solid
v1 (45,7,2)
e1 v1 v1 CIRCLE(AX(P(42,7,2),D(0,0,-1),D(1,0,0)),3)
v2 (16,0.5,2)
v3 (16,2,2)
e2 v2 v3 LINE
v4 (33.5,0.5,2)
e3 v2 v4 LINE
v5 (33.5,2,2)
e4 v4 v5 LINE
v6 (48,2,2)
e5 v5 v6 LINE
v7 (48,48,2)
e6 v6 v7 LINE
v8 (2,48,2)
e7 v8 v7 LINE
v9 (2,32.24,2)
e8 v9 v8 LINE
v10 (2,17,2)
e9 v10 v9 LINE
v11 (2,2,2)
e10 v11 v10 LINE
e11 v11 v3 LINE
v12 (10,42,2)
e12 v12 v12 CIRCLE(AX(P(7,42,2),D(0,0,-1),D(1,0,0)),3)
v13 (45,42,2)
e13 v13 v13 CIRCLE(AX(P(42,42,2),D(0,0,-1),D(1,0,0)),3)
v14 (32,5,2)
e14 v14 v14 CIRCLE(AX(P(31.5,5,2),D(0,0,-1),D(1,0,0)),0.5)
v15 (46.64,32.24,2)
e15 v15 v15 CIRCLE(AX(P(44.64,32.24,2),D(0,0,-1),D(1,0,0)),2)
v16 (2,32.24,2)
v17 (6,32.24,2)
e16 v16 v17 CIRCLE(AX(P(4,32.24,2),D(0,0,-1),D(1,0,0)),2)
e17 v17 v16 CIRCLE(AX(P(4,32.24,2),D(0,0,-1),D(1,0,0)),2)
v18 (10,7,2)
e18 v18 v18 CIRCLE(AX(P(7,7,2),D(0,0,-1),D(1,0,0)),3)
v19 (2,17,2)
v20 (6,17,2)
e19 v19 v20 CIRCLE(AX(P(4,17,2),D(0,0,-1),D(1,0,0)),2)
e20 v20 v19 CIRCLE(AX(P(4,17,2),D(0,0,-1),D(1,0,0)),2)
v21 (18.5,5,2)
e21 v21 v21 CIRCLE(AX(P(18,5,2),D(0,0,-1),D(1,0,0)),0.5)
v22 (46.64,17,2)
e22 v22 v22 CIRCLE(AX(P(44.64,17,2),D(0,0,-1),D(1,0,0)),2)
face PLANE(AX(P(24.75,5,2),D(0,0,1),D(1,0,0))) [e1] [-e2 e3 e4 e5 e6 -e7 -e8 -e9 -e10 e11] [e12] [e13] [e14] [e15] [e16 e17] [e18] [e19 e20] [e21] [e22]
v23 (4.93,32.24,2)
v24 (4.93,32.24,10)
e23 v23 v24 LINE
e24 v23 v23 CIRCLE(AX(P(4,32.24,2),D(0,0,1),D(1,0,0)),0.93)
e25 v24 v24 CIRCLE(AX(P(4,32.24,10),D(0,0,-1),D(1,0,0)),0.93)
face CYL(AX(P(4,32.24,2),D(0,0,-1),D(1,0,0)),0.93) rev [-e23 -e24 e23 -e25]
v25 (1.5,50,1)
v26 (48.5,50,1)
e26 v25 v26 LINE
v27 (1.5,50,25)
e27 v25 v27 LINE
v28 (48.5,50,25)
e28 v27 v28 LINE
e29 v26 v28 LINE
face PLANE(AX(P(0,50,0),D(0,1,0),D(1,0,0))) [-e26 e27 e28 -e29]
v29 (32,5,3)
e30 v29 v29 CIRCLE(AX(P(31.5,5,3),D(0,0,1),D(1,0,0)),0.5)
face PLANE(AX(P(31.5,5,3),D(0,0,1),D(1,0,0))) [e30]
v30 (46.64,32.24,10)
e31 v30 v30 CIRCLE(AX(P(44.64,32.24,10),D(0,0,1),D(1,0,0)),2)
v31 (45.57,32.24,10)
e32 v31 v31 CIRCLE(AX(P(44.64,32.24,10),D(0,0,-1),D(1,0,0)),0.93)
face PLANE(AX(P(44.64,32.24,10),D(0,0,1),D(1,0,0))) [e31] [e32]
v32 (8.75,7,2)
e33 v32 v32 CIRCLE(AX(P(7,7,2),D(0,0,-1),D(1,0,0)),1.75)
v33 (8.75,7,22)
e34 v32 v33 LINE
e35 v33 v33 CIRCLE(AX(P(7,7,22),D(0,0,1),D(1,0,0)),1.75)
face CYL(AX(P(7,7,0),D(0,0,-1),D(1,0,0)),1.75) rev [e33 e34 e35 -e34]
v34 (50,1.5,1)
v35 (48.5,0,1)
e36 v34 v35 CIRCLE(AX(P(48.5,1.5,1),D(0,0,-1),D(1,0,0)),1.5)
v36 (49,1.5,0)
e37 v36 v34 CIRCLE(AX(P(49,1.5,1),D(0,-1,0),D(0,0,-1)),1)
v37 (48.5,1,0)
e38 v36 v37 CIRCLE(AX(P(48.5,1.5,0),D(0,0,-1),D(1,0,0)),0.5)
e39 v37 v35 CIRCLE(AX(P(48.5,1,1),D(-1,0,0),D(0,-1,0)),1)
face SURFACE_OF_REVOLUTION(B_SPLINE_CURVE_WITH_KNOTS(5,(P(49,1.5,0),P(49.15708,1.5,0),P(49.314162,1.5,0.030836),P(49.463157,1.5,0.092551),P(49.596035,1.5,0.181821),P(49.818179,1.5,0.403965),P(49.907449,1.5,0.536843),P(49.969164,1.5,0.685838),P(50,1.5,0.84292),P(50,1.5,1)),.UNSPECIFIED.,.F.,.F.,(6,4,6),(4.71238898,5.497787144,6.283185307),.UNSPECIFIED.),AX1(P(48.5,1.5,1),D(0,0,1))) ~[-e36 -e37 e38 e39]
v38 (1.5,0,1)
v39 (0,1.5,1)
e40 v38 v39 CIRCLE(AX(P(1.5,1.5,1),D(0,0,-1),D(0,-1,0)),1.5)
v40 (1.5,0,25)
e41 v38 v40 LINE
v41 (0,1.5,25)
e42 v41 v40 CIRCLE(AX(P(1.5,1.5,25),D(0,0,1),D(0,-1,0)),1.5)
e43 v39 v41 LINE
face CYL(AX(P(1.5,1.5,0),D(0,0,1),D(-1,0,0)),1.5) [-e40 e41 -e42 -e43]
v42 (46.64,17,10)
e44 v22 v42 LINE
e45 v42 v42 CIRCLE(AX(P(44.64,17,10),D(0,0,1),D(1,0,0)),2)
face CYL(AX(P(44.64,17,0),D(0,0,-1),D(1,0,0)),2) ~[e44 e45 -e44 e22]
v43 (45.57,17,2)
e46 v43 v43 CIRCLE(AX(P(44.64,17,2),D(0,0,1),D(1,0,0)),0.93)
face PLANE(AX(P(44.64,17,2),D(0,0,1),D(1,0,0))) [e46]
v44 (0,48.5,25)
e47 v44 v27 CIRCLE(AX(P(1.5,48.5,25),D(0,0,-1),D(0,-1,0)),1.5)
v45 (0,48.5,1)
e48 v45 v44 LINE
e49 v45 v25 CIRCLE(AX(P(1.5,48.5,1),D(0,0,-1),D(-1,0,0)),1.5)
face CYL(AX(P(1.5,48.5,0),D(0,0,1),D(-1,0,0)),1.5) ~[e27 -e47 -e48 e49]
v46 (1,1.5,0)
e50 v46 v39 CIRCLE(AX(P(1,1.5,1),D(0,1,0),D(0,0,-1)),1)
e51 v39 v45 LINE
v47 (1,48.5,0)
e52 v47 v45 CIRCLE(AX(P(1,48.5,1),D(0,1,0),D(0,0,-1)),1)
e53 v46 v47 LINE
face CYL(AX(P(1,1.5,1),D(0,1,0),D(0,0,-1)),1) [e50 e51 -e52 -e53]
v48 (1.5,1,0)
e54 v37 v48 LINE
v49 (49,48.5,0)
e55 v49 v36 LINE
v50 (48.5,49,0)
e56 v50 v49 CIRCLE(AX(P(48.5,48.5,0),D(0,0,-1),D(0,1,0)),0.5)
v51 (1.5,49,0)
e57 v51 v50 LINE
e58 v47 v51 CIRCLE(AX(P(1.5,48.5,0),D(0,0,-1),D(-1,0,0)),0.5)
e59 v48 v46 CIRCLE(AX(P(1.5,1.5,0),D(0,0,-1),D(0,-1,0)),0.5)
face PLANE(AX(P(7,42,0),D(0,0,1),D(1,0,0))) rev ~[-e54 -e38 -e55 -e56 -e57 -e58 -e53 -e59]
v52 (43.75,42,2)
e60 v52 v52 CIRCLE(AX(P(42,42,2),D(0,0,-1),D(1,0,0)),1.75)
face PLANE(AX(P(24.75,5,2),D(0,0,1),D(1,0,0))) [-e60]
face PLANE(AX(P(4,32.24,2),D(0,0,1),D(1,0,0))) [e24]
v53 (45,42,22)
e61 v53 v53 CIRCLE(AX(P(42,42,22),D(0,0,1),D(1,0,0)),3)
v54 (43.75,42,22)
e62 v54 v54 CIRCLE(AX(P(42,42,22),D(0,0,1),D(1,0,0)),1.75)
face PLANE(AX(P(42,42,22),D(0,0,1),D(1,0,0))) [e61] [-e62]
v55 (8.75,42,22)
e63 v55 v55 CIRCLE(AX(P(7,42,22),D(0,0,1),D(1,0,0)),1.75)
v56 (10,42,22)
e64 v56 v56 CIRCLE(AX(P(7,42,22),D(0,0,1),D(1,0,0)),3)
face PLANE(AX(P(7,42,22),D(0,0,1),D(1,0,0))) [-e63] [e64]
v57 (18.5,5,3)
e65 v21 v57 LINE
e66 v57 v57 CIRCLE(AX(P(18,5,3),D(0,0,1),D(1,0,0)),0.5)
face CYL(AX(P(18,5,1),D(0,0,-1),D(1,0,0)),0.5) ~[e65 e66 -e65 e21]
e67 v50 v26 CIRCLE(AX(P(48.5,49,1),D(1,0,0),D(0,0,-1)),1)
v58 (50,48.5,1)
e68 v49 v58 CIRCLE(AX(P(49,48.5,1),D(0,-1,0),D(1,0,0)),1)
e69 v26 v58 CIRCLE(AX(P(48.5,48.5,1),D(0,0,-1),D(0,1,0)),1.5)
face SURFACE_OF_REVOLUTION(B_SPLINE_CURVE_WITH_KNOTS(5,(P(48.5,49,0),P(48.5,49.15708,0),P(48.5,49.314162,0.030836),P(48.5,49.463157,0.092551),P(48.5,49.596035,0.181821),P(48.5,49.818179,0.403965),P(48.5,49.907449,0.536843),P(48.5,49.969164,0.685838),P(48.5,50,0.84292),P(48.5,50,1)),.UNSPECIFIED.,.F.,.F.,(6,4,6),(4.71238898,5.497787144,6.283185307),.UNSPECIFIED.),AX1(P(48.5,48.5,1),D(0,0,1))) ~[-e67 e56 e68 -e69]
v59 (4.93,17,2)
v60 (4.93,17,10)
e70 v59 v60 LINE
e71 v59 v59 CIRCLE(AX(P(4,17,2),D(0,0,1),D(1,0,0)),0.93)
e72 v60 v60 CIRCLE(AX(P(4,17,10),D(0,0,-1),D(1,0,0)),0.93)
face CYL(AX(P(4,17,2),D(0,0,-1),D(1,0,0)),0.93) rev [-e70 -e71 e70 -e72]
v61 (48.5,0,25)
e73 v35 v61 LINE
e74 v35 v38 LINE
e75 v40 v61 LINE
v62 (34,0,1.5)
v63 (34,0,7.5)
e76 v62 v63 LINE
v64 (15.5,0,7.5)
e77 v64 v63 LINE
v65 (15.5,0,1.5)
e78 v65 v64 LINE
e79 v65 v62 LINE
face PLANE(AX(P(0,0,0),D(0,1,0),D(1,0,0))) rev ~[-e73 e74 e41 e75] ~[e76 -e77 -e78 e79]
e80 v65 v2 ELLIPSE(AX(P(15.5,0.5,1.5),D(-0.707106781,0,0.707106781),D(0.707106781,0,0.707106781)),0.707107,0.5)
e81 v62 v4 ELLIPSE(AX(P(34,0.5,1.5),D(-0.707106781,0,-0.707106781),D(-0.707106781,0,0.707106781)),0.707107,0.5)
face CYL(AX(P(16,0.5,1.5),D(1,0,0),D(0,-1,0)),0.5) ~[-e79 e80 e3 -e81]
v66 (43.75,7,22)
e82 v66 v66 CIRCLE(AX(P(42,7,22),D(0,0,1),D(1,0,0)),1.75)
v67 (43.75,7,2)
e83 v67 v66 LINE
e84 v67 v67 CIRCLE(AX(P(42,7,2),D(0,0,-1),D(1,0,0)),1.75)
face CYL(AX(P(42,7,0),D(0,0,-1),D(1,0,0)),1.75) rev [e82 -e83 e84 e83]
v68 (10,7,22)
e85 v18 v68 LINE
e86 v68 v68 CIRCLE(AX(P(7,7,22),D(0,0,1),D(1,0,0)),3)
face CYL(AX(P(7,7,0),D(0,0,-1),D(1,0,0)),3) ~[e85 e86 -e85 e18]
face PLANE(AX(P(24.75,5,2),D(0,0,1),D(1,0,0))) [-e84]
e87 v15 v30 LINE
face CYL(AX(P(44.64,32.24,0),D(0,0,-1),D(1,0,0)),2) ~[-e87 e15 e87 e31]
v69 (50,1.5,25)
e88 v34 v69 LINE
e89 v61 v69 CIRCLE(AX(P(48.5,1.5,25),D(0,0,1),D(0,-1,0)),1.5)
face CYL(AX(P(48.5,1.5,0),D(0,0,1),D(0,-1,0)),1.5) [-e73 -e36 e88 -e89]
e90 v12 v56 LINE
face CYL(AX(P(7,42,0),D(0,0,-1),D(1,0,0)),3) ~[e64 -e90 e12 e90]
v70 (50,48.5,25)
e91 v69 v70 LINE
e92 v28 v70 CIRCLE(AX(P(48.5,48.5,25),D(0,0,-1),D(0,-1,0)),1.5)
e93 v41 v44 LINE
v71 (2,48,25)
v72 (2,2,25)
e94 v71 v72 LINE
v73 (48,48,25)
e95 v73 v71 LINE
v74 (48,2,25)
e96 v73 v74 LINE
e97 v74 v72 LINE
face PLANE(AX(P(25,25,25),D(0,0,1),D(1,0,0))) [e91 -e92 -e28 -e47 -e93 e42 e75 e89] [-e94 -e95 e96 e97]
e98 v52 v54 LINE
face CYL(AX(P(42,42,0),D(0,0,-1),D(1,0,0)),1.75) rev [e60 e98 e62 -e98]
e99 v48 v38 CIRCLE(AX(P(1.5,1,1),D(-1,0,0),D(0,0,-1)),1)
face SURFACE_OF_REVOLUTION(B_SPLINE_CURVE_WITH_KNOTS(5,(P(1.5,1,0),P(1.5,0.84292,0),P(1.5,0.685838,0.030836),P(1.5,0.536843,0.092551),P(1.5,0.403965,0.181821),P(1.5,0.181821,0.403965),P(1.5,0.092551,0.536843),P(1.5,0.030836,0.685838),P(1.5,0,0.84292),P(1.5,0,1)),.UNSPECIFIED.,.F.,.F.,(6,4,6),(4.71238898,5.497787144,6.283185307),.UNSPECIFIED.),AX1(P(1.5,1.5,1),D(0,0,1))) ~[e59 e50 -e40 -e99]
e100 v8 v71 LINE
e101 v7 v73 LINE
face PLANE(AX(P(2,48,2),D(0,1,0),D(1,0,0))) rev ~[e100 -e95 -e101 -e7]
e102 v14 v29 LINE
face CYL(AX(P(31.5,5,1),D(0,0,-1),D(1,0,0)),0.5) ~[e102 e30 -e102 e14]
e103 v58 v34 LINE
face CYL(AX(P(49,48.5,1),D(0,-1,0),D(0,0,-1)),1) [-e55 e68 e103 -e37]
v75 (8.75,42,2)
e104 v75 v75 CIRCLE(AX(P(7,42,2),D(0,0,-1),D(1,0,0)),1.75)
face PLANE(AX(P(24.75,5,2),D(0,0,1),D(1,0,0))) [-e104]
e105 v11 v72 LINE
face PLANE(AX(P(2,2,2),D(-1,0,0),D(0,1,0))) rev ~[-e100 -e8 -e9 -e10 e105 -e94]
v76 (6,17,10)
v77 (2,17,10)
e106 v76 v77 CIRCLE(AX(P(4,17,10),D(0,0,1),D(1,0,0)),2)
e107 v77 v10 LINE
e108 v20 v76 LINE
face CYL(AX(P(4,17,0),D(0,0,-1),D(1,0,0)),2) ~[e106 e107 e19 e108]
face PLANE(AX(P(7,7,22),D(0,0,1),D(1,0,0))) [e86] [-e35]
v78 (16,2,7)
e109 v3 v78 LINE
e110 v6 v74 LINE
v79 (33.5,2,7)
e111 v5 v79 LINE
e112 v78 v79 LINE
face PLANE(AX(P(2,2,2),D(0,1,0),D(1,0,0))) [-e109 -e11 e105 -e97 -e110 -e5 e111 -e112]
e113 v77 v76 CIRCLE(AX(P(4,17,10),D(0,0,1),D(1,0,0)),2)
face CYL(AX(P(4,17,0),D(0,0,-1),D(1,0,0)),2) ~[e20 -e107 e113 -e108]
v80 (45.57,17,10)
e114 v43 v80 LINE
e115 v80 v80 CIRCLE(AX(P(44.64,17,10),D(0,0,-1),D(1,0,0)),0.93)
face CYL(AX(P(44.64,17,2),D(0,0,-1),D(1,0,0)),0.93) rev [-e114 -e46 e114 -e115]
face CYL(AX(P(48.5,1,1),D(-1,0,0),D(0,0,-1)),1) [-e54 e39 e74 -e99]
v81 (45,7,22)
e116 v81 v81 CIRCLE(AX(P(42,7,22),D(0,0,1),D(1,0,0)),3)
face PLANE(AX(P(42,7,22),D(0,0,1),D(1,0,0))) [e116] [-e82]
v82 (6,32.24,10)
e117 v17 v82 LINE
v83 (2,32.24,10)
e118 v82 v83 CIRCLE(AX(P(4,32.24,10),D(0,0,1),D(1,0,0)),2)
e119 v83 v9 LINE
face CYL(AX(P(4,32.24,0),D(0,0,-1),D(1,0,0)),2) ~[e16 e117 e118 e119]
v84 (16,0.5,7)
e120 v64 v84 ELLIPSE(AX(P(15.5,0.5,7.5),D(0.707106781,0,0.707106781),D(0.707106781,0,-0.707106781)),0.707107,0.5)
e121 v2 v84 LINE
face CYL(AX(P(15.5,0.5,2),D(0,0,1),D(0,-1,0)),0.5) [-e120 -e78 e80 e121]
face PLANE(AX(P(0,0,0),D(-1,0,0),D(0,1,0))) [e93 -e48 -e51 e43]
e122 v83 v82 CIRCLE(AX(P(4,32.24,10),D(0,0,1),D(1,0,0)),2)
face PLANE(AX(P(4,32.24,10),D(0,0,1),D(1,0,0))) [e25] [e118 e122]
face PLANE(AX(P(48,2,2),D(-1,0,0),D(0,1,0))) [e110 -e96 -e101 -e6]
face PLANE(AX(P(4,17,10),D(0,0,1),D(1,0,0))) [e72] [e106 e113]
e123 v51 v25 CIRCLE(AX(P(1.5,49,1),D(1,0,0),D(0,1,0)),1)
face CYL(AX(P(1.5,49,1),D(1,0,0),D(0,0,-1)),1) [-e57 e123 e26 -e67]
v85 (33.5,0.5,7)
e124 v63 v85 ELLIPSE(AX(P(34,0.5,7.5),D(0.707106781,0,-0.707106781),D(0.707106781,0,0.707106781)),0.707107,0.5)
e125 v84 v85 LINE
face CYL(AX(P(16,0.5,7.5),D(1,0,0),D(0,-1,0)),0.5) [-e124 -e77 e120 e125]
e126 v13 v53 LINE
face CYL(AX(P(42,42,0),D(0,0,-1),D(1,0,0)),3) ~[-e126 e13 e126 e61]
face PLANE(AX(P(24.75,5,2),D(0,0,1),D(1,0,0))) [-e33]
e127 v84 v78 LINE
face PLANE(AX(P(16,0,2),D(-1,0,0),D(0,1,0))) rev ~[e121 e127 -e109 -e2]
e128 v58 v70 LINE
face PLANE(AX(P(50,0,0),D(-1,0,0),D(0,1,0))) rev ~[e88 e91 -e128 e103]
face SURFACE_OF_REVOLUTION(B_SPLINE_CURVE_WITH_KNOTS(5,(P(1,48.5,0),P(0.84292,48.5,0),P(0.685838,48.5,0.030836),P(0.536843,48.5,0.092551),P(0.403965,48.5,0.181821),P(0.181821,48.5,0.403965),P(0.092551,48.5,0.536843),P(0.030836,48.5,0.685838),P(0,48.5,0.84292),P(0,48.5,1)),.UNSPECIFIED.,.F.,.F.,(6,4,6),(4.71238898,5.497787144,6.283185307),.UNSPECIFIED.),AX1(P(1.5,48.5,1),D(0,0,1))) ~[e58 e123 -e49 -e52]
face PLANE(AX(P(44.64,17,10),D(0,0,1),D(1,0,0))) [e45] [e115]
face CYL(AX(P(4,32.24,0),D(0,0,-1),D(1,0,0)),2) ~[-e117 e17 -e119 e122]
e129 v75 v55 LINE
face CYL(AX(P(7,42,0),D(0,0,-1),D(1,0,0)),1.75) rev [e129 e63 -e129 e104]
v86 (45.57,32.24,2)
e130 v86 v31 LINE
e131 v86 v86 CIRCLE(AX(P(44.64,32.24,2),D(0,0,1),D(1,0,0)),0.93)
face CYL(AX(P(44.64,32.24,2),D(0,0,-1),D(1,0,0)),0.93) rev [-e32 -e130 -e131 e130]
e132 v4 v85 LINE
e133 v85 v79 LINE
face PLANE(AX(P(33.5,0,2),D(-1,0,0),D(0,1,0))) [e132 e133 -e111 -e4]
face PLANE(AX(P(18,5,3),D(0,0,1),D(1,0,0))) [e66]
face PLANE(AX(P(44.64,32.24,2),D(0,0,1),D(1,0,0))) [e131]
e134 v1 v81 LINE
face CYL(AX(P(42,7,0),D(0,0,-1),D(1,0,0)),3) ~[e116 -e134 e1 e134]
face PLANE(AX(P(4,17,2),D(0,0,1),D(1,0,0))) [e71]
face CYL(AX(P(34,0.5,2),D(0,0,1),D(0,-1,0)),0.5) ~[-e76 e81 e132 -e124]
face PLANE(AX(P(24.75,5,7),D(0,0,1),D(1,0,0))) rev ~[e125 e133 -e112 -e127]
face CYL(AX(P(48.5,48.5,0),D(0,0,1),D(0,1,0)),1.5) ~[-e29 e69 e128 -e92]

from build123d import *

# Parameters (mm, degrees)
CYLINDER016_R     = 1.75
CYLINDER016_DEPTH = 22
CYLINDER017_R     = 3
CYLINDER017_DEPTH = 22
CYLINDER015_R     = 1.75
CYLINDER015_DEPTH = 22
CYLINDER014_R     = 3
CYLINDER014_DEPTH = 22
CYLINDER013_R     = 1.75
CYLINDER013_DEPTH = 22
CYLINDER012_R     = 3
CYLINDER012_DEPTH = 22
CYLINDER011_R     = 1.75
CYLINDER011_DEPTH = 22
CYLINDER010_R     = 3
CYLINDER010_DEPTH = 22
CYLINDER009_R     = 0.5
CYLINDER009_DEPTH = 2
CYLINDER008_R     = 0.5
CYLINDER008_DEPTH = 2
BOX002_W          = 17.5
BOX002_H          = 10
BOX002_DEPTH      = 5
CYLINDER006_R     = 0.93
CYLINDER006_DEPTH = 10
CYLINDER007_R     = 2
CYLINDER007_DEPTH = 10
CYLINDER005_R     = 0.93
CYLINDER005_DEPTH = 10
CYLINDER004_R     = 2
CYLINDER004_DEPTH = 10
CYLINDER003_R     = 0.93
CYLINDER003_DEPTH = 10
CYLINDER002_R     = 2
CYLINDER002_DEPTH = 10
CYLINDER001_R     = 0.93
CYLINDER001_DEPTH = 10
CYLINDER_R        = 2
CYLINDER_DEPTH    = 10
BOX001_W          = 46
BOX001_H          = 46
BOX001_DEPTH      = 25
BOX_W             = 50
BOX_H             = 50
BOX_DEPTH         = 25
FILLET_R          = 1.5
FILLET001_R       = 1
FILLET002_R       = 0.5


with BuildPart() as cylinder008:
    # Cylinder016 → Cylinder016 (new body)
    with BuildSketch(Plane.XY):
        Circle(CYLINDER016_R)
    extrude(amount=CYLINDER016_DEPTH)


with BuildPart() as cut008:
    # Cylinder017 → Cylinder017 (new body)
    with BuildSketch(Plane.XY):
        Circle(CYLINDER017_R)
    extrude(amount=CYLINDER017_DEPTH)

    # Cut008: cut Cylinder008
    add(cylinder008.part, mode=Mode.SUBTRACT)


with BuildPart() as cut008_1:
    # Cut008 placement: moved
    add(cut008.part.moved(Location((41, 35, 0))))


with BuildPart() as cylinder007:
    # Cylinder015 → Cylinder015 (new body)
    with BuildSketch(Plane.XY):
        Circle(CYLINDER015_R)
    extrude(amount=CYLINDER015_DEPTH)


with BuildPart() as fusion007:
    # Cylinder014 → Cylinder014 (new body)
    with BuildSketch(Plane.XY):
        Circle(CYLINDER014_R)
    extrude(amount=CYLINDER014_DEPTH)

    # Cut009: cut Cylinder007
    add(cylinder007.part, mode=Mode.SUBTRACT)


with BuildPart() as fusion007_1:
    # Cut009 placement: moved
    add(fusion007.part.moved(Location((6, 35, 0))))

    # Fusion007: union Cut008
    add(cut008_1.part)


with BuildPart() as fusion007_2:
    # Fusion007 placement: moved
    add(fusion007_1.part.moved(Location((0, -35, 0))))


with BuildPart() as cylinder005:
    # Cylinder013 → Cylinder013 (new body)
    with BuildSketch(Plane.XY):
        Circle(CYLINDER013_R)
    extrude(amount=CYLINDER013_DEPTH)


with BuildPart() as cut007:
    # Cylinder012 → Cylinder012 (new body)
    with BuildSketch(Plane.XY):
        Circle(CYLINDER012_R)
    extrude(amount=CYLINDER012_DEPTH)

    # Cut007: cut Cylinder005
    add(cylinder005.part, mode=Mode.SUBTRACT)


with BuildPart() as cut007_1:
    # Cut007 placement: moved
    add(cut007.part.moved(Location((41, 35, 0))))


with BuildPart() as cylinder003:
    # Cylinder011 → Cylinder011 (new body)
    with BuildSketch(Plane.XY):
        Circle(CYLINDER011_R)
    extrude(amount=CYLINDER011_DEPTH)


with BuildPart() as pcb_platform:
    # Cylinder010 → Cylinder010 (new body)
    with BuildSketch(Plane.XY):
        Circle(CYLINDER010_R)
    extrude(amount=CYLINDER010_DEPTH)

    # Cut006: cut Cylinder003
    add(cylinder003.part, mode=Mode.SUBTRACT)


with BuildPart() as pcb_platform_1:
    # Cut006 placement: moved
    add(pcb_platform.part.moved(Location((6, 35, 0))))

    # Fusion005: union Cut007
    add(cut007_1.part)

    # Fusion008: union Fusion007
    add(fusion007_2.part)


with BuildPart() as pcb_platform_2:
    # Fusion008 placement: moved
    add(pcb_platform_1.part.moved(Location((1, 7, 0))))


with BuildPart() as cylinder001:
    # Cylinder009 → Cylinder009 (new body)
    with BuildSketch(Plane(origin=(13.5, 0, 0), x_dir=(1, 0, 0), z_dir=(0, 0, 1))):
        Circle(CYLINDER009_R)
    extrude(amount=CYLINDER009_DEPTH)


with BuildPart() as fusion004:
    # Cylinder008 → Cylinder008 (new body)
    with BuildSketch(Plane.XY):
        Circle(CYLINDER008_R)
    extrude(amount=CYLINDER008_DEPTH)

    # Fusion004: union Cylinder001
    add(cylinder001.part)


with BuildPart() as fusion004_1:
    # Fusion004 placement: moved
    add(fusion004.part.moved(Location((18, 5, 1))))


with BuildPart() as cube:
    # Box002 → Box002 (new body)
    with BuildSketch(Plane(origin=(16, 0, 2), x_dir=(1, 0, 0), z_dir=(0, 0, 1))):
        with Locations((8.75, 5)):
            Rectangle(BOX002_W, BOX002_H)
    extrude(amount=BOX002_DEPTH)


with BuildPart() as sylinteri006:
    # Cylinder006 → Cylinder006 (new body)
    with BuildSketch(Plane(origin=(7, 10, 2), x_dir=(1, 0, 0), z_dir=(0, 0, 1))):
        Circle(CYLINDER006_R)
    extrude(amount=CYLINDER006_DEPTH)


with BuildPart() as nanoplatorm003:
    # Cylinder007 → Cylinder007 (new body)
    with BuildSketch(Plane(origin=(7, 10, 0), x_dir=(1, 0, 0), z_dir=(0, 0, 1))):
        Circle(CYLINDER007_R)
    extrude(amount=CYLINDER007_DEPTH)

    # Cut004: cut Sylinteri006
    add(sylinteri006.part, mode=Mode.SUBTRACT)


with BuildPart() as nanoplatorm003_1:
    # Cut004 placement: moved
    add(nanoplatorm003.part.moved(Location((37.64, 14.24, 0))))


with BuildPart() as sylinteri005:
    # Cylinder005 → Cylinder005 (new body)
    with BuildSketch(Plane(origin=(7, 10, 2), x_dir=(1, 0, 0), z_dir=(0, 0, 1))):
        Circle(CYLINDER005_R)
    extrude(amount=CYLINDER005_DEPTH)


with BuildPart() as fusion001:
    # Cylinder004 → Cylinder004 (new body)
    with BuildSketch(Plane(origin=(7, 10, 0), x_dir=(1, 0, 0), z_dir=(0, 0, 1))):
        Circle(CYLINDER004_R)
    extrude(amount=CYLINDER004_DEPTH)

    # Cut003: cut Sylinteri005
    add(sylinteri005.part, mode=Mode.SUBTRACT)


with BuildPart() as fusion001_1:
    # Cut003 placement: moved
    add(fusion001.part.moved(Location((37.64, -1, 0))))

    # Fusion001: union NanoPlatorm003
    add(nanoplatorm003_1.part)


with BuildPart() as sylinteri003:
    # Cylinder003 → Cylinder003 (new body)
    with BuildSketch(Plane(origin=(7, 10, 2), x_dir=(1, 0, 0), z_dir=(0, 0, 1))):
        Circle(CYLINDER003_R)
    extrude(amount=CYLINDER003_DEPTH)


with BuildPart() as nanoplatorm001:
    # Cylinder002 → Cylinder002 (new body)
    with BuildSketch(Plane(origin=(7, 10, 0), x_dir=(1, 0, 0), z_dir=(0, 0, 1))):
        Circle(CYLINDER002_R)
    extrude(amount=CYLINDER002_DEPTH)

    # Cut002: cut Sylinteri003
    add(sylinteri003.part, mode=Mode.SUBTRACT)


with BuildPart() as nanoplatorm001_1:
    # Cut002 placement: moved
    add(nanoplatorm001.part.moved(Location((-3, 14.24, 0))))


with BuildPart() as sylinteri001:
    # Cylinder001 → Cylinder001 (new body)
    with BuildSketch(Plane(origin=(7, 10, 2), x_dir=(1, 0, 0), z_dir=(0, 0, 1))):
        Circle(CYLINDER001_R)
    extrude(amount=CYLINDER001_DEPTH)


with BuildPart() as nanoplatform:
    # Cylinder → Cylinder (new body)
    with BuildSketch(Plane(origin=(7, 10, 0), x_dir=(1, 0, 0), z_dir=(0, 0, 1))):
        Circle(CYLINDER_R)
    extrude(amount=CYLINDER_DEPTH)

    # Cut001: cut Sylinteri001
    add(sylinteri001.part, mode=Mode.SUBTRACT)


with BuildPart() as nanoplatform_1:
    # Cut001 placement: moved
    add(nanoplatform.part.moved(Location((-3, -1, 0))))

    # Fusion: union NanoPlatorm001
    add(nanoplatorm001_1.part)

    # Fusion002: union Fusion001
    add(fusion001_1.part)


with BuildPart() as nanoplatform_2:
    # Fusion002 placement: moved
    add(nanoplatform_1.part.moved(Location((0, 8, 0))))


with BuildPart() as f_46x36x15:
    # Box001 → Box001 (new body)
    with BuildSketch(Plane(origin=(2, 2, 2), x_dir=(1, 0, 0), z_dir=(0, 0, 1))):
        with Locations((23, 23)):
            Rectangle(BOX001_W, BOX001_H)
    extrude(amount=BOX001_DEPTH)


with BuildPart() as fillet002:
    # Box → Box (new body)
    with BuildSketch(Plane.XY):
        with Locations((25, 25)):
            Rectangle(BOX_W, BOX_H)
    extrude(amount=BOX_DEPTH)

    # Cut: cut 46x36x15
    add(f_46x36x15.part, mode=Mode.SUBTRACT)

    # Fusion003: union NanoPlatform
    add(nanoplatform_2.part)

    # Cut005: cut Cube
    add(cube.part, mode=Mode.SUBTRACT)

    # Fusion006: union Fusion004
    add(fusion004_1.part)

    # Fusion009: union PCB_Platform
    add(pcb_platform_2.part)

    # Fillet
    fillet_edges = [fillet002.edges().sort_by_distance(p)[0] for p in [
        (0, 0, 12.5),
        (0, 50, 12.5),
        (50, 0, 12.5),
        (50, 50, 12.5),
    ]]
    fillet(fillet_edges, radius=FILLET_R)

    # Fillet001
    fillet001_edges = [fillet002.edges().sort_by_distance(p)[0] for p in [
        (0, 25, 0),
        (0.43934, 0.43934, 0),
        (0.43934, 49.56066, 0),
        (25, 0, 0),
        (25, 50, 0),
        (49.56066, 0.43934, 0),
        (49.56066, 49.56066, 0),
        (50, 25, 0),
    ]]
    fillet(fillet001_edges, radius=FILLET001_R)

    # Fillet002
    fillet002_edges = [fillet002.edges().sort_by_distance(p)[0] for p in [
        (24.75, 0, 7),
        (33.5, 0, 4.5),
        (24.75, 0, 2),
        (16, 0, 4.5),
    ]]
    fillet(fillet002_edges, radius=FILLET002_R)


solid = fillet002.part
